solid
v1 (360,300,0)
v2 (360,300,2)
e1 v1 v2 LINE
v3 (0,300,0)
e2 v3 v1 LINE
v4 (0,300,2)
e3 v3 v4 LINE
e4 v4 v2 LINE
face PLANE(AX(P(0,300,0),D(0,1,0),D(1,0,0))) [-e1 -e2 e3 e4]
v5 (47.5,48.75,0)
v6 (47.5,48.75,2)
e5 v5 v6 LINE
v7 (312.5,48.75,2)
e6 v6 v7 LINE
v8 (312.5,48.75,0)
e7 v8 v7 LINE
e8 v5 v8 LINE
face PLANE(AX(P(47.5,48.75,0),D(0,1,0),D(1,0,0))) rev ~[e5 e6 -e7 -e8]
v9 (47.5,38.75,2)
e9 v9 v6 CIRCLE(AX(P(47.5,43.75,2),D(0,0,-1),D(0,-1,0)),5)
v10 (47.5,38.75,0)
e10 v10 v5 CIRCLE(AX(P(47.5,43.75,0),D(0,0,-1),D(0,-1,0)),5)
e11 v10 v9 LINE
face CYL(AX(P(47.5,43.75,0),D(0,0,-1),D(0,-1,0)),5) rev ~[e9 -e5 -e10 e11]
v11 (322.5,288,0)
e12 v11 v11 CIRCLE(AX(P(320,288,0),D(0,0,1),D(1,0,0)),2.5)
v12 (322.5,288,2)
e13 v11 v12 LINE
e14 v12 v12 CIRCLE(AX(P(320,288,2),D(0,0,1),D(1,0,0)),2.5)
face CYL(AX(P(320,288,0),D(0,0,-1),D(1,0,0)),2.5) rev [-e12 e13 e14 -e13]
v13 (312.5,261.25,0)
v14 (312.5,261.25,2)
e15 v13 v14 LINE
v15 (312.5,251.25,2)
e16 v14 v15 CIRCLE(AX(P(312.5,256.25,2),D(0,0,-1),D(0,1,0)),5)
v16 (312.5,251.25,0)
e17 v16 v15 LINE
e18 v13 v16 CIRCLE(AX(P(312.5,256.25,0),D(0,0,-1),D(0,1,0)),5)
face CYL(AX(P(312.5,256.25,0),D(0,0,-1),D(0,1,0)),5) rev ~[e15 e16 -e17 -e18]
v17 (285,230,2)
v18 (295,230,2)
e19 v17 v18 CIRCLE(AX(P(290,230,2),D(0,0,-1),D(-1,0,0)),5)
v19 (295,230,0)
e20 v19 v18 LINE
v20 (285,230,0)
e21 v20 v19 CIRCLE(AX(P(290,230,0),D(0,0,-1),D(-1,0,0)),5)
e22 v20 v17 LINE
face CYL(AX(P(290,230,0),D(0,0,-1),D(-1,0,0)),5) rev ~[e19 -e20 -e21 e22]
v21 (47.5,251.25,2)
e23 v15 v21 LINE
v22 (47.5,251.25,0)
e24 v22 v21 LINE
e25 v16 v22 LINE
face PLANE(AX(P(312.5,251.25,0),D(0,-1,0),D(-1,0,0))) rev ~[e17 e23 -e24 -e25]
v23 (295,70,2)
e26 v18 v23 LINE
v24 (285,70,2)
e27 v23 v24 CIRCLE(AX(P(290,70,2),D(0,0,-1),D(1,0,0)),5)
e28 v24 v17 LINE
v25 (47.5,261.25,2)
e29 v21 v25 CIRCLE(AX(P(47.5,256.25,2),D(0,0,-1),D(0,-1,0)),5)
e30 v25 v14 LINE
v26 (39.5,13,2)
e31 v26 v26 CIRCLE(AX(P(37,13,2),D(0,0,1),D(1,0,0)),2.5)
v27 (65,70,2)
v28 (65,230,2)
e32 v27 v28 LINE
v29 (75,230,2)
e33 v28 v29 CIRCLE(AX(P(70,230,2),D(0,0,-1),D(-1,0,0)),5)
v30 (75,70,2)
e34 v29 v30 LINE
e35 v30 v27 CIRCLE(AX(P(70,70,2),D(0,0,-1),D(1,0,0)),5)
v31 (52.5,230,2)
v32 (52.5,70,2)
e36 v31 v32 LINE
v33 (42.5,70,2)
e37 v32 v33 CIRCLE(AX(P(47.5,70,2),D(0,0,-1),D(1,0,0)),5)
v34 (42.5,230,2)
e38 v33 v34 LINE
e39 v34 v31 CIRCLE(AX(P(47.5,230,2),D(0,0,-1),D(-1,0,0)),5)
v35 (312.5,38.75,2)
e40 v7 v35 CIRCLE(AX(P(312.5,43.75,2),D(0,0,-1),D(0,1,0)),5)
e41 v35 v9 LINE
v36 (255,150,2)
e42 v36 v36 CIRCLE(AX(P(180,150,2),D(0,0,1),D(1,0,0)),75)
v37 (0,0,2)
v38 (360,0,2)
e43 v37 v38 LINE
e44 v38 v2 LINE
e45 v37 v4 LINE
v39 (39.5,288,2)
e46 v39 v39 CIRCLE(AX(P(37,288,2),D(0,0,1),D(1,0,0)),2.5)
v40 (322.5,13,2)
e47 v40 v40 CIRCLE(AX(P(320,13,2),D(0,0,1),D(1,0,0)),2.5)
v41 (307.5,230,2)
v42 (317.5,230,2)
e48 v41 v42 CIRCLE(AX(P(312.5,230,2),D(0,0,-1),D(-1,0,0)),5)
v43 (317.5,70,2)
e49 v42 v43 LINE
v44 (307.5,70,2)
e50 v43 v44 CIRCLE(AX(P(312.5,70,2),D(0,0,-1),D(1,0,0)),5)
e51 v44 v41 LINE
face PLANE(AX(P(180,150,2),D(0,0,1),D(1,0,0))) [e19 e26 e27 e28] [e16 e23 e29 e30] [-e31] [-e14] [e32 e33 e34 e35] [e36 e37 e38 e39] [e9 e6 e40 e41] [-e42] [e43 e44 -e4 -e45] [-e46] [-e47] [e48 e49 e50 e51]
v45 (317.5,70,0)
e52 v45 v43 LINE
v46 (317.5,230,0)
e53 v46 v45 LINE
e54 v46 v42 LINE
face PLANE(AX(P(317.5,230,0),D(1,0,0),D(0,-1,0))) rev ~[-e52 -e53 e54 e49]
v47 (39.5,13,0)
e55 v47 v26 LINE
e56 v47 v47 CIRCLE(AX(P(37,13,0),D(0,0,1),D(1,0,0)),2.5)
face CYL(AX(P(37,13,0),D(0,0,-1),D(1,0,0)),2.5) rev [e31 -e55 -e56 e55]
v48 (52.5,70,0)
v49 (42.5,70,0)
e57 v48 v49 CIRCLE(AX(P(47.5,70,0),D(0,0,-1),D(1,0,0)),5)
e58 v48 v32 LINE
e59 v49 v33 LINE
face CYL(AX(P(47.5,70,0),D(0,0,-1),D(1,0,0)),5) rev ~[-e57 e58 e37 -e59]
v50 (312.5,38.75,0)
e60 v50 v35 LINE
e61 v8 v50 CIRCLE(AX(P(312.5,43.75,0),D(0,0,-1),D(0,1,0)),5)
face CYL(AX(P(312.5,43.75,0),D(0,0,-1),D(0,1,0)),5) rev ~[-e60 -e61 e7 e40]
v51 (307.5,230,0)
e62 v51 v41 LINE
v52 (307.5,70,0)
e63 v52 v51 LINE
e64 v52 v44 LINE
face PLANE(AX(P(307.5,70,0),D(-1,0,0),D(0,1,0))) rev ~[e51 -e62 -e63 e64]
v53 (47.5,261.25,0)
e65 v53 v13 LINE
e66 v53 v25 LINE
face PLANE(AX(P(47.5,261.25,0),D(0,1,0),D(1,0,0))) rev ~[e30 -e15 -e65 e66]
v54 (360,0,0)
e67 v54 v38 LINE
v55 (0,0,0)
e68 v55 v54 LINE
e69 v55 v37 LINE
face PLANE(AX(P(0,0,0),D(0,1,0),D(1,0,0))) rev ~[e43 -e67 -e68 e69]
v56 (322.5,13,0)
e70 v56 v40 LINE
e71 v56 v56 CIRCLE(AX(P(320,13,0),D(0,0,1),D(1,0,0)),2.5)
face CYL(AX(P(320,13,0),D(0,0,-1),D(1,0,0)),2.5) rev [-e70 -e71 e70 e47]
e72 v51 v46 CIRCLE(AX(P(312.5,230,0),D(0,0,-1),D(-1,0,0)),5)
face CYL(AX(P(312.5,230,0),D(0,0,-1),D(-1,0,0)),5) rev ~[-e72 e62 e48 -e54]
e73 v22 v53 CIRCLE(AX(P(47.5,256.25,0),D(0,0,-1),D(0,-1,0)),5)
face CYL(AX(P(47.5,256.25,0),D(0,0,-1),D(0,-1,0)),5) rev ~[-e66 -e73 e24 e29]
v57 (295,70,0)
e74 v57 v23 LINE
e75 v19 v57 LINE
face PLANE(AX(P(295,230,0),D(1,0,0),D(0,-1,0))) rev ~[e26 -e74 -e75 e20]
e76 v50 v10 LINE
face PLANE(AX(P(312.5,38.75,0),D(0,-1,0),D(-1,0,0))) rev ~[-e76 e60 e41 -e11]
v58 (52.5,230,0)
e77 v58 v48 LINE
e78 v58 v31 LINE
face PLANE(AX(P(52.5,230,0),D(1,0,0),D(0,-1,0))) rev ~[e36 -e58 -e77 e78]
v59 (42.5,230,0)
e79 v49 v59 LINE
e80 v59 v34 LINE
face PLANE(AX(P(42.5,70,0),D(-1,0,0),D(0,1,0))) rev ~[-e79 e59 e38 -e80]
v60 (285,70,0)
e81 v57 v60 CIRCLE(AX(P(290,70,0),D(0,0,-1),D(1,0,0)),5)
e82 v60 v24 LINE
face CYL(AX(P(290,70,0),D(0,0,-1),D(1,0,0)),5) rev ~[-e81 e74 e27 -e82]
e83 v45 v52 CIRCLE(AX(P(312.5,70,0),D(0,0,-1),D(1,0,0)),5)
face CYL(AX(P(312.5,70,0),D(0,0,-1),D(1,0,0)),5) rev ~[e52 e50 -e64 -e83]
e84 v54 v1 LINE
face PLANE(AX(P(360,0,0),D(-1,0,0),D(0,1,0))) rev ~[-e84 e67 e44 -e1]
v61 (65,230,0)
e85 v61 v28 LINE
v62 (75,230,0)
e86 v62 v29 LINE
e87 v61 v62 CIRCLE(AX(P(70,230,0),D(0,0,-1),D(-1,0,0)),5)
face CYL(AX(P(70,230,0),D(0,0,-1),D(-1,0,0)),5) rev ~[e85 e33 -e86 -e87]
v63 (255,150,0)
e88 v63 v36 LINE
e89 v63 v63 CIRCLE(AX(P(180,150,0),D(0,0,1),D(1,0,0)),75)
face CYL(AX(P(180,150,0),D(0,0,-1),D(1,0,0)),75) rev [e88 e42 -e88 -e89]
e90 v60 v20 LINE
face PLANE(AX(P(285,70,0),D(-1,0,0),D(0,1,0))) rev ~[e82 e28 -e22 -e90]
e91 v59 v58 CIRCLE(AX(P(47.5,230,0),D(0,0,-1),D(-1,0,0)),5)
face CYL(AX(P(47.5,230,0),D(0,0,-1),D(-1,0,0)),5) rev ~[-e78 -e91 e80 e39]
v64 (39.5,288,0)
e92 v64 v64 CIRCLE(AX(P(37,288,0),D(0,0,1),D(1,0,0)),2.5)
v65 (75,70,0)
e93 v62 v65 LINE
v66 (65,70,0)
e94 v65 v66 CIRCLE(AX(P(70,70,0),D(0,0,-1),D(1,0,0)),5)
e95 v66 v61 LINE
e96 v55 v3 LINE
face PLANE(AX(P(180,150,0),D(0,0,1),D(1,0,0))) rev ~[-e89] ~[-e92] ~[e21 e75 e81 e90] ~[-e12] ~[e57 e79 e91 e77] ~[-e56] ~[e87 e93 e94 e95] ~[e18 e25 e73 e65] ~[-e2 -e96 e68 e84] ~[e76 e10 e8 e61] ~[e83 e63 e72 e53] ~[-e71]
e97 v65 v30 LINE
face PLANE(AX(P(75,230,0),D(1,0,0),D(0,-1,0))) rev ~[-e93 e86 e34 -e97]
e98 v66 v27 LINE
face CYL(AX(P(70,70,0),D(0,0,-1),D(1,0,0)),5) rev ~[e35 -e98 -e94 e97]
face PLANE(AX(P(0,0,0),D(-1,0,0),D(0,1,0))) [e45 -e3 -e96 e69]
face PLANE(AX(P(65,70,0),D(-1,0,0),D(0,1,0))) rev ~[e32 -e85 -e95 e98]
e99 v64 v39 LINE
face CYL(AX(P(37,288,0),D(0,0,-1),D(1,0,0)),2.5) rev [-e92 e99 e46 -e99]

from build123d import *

# Parameters (mm, degrees)
F0_W     = 360
F0_H     = 300
F0_R     = 2.5
F0_R_2   = 75
F1_DEPTH = 2


with BuildPart() as f1:
    # F0 (on Top) → F1 (new body)
    with BuildSketch(Plane.XY):
        with Locations((180, 150)):
            Rectangle(F0_W, F0_H)
        with Locations((37, 13)):
            Circle(F0_R, mode=Mode.SUBTRACT)
        with BuildLine():
            Line((312.5, 38.75), (47.5, 38.75))
            ThreePointArc((47.5, 38.75), (42.5, 43.75), (47.5, 48.75))
            Line((47.5, 48.75), (312.5, 48.75))
            ThreePointArc((312.5, 48.75), (317.5, 43.75), (312.5, 38.75))
        make_face(mode=Mode.SUBTRACT)
        with Locations((320, 13)):
            Circle(F0_R, mode=Mode.SUBTRACT)
        with BuildLine():
            Line((42.5, 70), (42.5, 230))
            ThreePointArc((42.5, 230), (47.5, 235), (52.5, 230))
            Line((52.5, 230), (52.5, 70))
            ThreePointArc((52.5, 70), (47.5, 65), (42.5, 70))
        make_face(mode=Mode.SUBTRACT)
        with BuildLine():
            Line((65, 70), (65, 230))
            ThreePointArc((65, 230), (70, 235), (75, 230))
            Line((75, 230), (75, 70))
            ThreePointArc((75, 70), (70, 65), (65, 70))
        make_face(mode=Mode.SUBTRACT)
        with Locations((37, 288)):
            Circle(F0_R, mode=Mode.SUBTRACT)
        with Locations((180, 150)):
            Circle(F0_R_2, mode=Mode.SUBTRACT)
        with BuildLine():
            Line((285, 70), (285, 230))
            ThreePointArc((285, 230), (290, 235), (295, 230))
            Line((295, 230), (295, 70))
            ThreePointArc((295, 70), (290, 65), (285, 70))
        make_face(mode=Mode.SUBTRACT)
        with BuildLine():
            Line((307.5, 70), (307.5, 230))
            ThreePointArc((307.5, 230), (312.5, 235), (317.5, 230))
            Line((317.5, 230), (317.5, 70))
            ThreePointArc((317.5, 70), (312.5, 65), (307.5, 70))
        make_face(mode=Mode.SUBTRACT)
        with BuildLine():
            Line((312.5, 251.25), (47.5, 251.25))
            ThreePointArc((47.5, 251.25), (42.5, 256.25), (47.5, 261.25))
            Line((47.5, 261.25), (312.5, 261.25))
            ThreePointArc((312.5, 261.25), (317.5, 256.25), (312.5, 251.25))
        make_face(mode=Mode.SUBTRACT)
        with Locations((320, 288)):
            Circle(F0_R, mode=Mode.SUBTRACT)
    extrude(amount=F1_DEPTH)


solid = f1.part
